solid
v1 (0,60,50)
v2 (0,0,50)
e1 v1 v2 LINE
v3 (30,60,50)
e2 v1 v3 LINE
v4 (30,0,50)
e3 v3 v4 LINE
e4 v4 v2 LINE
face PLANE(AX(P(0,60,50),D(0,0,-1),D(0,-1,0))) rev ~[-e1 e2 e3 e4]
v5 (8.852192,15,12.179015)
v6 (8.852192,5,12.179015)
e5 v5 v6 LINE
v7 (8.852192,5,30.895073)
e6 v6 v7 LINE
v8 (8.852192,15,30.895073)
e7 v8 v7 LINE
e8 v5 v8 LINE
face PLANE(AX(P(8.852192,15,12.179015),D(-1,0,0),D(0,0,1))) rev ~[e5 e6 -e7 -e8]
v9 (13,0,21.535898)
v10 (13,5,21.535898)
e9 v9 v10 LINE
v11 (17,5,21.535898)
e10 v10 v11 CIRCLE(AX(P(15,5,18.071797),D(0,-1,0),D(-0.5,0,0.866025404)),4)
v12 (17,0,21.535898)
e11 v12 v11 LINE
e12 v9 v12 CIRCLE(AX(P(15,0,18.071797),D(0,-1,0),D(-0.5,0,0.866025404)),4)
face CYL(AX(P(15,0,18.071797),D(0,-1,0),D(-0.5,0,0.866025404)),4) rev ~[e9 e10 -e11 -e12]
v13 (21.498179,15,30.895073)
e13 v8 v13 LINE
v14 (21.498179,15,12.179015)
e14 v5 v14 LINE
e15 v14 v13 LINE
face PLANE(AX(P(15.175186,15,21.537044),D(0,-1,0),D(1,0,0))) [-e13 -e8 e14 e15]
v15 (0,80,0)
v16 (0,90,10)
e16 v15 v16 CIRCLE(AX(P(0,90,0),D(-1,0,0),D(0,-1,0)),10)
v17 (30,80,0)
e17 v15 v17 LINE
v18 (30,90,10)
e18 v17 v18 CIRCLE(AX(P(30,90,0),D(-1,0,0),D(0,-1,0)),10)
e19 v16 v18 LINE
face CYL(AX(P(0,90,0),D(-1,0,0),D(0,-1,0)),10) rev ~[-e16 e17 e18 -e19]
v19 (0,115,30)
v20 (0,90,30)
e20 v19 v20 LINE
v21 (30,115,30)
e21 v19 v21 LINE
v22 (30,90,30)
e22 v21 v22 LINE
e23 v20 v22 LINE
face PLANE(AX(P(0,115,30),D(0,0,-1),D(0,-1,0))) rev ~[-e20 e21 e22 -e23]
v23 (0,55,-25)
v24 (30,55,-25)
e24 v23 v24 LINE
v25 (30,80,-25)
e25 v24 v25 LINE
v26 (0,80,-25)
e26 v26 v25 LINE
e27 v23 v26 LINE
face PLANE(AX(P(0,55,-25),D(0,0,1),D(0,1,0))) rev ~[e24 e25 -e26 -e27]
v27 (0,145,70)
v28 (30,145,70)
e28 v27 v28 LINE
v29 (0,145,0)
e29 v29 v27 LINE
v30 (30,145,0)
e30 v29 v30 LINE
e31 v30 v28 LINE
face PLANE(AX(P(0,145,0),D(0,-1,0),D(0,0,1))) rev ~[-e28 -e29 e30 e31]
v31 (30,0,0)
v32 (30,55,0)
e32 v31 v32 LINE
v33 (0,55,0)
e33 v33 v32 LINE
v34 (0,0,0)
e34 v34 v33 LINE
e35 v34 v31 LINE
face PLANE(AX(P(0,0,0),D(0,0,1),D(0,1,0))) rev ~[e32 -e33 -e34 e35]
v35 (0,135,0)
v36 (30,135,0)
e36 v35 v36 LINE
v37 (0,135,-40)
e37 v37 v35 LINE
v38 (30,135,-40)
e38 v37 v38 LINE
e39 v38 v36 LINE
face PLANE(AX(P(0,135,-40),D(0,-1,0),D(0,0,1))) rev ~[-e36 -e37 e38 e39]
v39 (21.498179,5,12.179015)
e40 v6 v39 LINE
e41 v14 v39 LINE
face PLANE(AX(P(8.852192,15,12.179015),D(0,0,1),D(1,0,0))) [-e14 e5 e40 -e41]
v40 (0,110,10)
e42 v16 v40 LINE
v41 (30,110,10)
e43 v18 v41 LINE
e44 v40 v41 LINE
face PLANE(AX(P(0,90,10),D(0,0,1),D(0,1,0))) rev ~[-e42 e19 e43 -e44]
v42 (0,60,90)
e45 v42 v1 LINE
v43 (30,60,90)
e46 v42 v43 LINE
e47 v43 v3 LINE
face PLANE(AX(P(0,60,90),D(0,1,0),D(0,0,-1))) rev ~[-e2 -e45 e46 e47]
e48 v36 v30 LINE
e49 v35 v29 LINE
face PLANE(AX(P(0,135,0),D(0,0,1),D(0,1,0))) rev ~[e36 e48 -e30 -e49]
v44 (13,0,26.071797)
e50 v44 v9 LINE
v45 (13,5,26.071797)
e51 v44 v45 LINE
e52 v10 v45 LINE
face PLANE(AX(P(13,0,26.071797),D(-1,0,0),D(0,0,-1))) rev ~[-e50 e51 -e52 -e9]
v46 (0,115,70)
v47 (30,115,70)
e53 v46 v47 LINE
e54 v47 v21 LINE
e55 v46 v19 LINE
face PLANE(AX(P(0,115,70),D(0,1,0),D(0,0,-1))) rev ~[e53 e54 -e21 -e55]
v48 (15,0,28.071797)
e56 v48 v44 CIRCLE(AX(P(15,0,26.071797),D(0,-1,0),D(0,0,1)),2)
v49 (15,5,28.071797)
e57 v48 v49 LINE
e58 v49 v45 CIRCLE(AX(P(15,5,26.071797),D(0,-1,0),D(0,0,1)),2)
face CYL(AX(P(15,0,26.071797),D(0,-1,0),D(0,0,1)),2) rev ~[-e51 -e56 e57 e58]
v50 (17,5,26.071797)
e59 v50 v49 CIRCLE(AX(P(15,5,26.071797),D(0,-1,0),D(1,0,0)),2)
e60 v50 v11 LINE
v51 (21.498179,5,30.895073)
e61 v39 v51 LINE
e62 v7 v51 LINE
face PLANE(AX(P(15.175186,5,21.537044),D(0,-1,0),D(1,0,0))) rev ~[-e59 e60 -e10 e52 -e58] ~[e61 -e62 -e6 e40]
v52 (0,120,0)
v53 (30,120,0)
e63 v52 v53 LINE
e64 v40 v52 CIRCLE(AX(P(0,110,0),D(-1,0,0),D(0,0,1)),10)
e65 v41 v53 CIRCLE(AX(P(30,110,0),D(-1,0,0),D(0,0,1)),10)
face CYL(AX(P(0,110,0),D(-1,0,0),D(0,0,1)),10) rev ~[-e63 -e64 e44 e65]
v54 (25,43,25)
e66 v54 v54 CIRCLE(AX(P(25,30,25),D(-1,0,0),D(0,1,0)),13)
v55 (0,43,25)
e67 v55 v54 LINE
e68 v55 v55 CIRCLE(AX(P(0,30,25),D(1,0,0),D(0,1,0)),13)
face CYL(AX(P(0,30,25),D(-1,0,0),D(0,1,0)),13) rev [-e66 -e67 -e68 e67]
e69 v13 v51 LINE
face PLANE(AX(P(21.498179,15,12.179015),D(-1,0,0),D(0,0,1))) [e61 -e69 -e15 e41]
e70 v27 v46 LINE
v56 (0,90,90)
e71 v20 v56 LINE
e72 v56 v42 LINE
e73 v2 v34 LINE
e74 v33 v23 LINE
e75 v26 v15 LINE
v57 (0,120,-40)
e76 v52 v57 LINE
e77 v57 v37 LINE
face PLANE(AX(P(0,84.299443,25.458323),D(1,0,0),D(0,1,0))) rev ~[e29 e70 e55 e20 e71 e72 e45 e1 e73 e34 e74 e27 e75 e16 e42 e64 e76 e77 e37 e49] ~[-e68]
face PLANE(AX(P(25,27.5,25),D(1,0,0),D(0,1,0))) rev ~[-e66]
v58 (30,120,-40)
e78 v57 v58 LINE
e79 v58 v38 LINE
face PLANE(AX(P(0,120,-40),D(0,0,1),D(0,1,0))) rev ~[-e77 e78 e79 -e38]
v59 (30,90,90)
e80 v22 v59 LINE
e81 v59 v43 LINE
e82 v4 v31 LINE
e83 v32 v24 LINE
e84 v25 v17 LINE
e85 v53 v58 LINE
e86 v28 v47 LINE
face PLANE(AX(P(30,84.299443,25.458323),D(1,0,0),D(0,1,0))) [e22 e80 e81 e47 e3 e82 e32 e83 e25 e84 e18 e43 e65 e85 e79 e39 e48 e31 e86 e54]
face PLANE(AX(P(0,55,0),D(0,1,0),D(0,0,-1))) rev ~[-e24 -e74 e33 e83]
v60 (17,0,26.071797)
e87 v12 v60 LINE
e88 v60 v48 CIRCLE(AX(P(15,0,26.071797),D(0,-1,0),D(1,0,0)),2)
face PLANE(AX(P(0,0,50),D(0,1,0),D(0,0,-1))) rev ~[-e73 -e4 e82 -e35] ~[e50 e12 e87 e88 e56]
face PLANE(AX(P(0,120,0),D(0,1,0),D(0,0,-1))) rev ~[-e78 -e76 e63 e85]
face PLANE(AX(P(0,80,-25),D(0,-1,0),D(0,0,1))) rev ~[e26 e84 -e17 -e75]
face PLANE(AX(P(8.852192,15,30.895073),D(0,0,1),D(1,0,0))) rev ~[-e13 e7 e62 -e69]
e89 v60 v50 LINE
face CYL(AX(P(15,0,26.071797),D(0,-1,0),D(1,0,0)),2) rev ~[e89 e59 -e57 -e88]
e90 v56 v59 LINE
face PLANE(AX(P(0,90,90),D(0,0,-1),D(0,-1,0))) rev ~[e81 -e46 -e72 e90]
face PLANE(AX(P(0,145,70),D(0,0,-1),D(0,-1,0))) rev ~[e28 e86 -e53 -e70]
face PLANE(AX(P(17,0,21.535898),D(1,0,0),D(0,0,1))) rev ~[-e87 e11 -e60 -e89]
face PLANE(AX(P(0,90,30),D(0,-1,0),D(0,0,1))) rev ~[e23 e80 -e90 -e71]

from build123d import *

# Parameters (mm, degrees)
F0_R     = 13
F1_DEPTH = 30
F2_W     = 55
F2_H     = 50
F3_DEPTH = 5
F5_DEPTH = 15
F6_W     = 12.6459868625
F6_H     = 18.7160577625
F7_DEPTH = 10


with BuildPart() as f1:
    # F0 (on Right) → F1 (new body)
    with BuildSketch(Plane.YZ):
        with BuildLine():
            Line((0, 50), (0, 0))
            Line((0, 0), (55, 0))
            Line((55, 0), (55, -25))
            Line((55, -25), (80, -25))
            Line((80, -25), (80, 0))
            ThreePointArc((80, 0), (82.9289321881, 7.0710678119), (90, 10))
            Line((90, 10), (110, 10))
            ThreePointArc((110, 10), (117.0710678119, 7.0710678119), (120, 0))
            Line((120, 0), (120, -40))
            Line((120, -40), (135, -40))
            Line((135, -40), (135, 0))
            Line((135, 0), (145, 0))
            Line((145, 0), (145, 70))
            Line((145, 70), (115, 70))
            Line((115, 70), (115, 30))
            Line((115, 30), (90, 30))
            Line((90, 30), (90, 90))
            Line((90, 90), (60, 90))
            Line((60, 90), (60, 50))
            Line((60, 50), (0, 50))
        make_face()
        with Locations((30, 25)):
            Circle(F0_R, mode=Mode.SUBTRACT)
    extrude(amount=F1_DEPTH)

    # F2 (on face) → F3 (join)
    with BuildSketch(Plane.YZ.offset(30)):
        with Locations((27.5, 25)):
            Rectangle(F2_W, F2_H)
    extrude(amount=-F3_DEPTH)

    # F4 (on face) → F5 (cut)
    with BuildSketch(Plane.XZ):
        with BuildLine():
            Line((13, 26.0717967697), (13, 21.5358983849))
            ThreePointArc((13, 21.5358983849), (15, 14.0717967697), (17, 21.5358983849))
            Line((17, 21.5358983849), (17, 26.0717967697))
            ThreePointArc((17, 26.0717967697), (16.4142135624, 27.4860103321), (15, 28.0717967697))
            ThreePointArc((15, 28.0717967697), (13.5857864376, 27.4860103321), (13, 26.0717967697))
        make_face()
    extrude(amount=-F5_DEPTH, mode=Mode.SUBTRACT)

    # F6 (on face) → F7 (cut)
    with BuildSketch(Plane.XZ.offset(-15)):
        with Locations((15.175185632, 21.5370440856)):
            Rectangle(F6_W, F6_H)
    extrude(amount=F7_DEPTH, mode=Mode.SUBTRACT)


solid = f1.part
